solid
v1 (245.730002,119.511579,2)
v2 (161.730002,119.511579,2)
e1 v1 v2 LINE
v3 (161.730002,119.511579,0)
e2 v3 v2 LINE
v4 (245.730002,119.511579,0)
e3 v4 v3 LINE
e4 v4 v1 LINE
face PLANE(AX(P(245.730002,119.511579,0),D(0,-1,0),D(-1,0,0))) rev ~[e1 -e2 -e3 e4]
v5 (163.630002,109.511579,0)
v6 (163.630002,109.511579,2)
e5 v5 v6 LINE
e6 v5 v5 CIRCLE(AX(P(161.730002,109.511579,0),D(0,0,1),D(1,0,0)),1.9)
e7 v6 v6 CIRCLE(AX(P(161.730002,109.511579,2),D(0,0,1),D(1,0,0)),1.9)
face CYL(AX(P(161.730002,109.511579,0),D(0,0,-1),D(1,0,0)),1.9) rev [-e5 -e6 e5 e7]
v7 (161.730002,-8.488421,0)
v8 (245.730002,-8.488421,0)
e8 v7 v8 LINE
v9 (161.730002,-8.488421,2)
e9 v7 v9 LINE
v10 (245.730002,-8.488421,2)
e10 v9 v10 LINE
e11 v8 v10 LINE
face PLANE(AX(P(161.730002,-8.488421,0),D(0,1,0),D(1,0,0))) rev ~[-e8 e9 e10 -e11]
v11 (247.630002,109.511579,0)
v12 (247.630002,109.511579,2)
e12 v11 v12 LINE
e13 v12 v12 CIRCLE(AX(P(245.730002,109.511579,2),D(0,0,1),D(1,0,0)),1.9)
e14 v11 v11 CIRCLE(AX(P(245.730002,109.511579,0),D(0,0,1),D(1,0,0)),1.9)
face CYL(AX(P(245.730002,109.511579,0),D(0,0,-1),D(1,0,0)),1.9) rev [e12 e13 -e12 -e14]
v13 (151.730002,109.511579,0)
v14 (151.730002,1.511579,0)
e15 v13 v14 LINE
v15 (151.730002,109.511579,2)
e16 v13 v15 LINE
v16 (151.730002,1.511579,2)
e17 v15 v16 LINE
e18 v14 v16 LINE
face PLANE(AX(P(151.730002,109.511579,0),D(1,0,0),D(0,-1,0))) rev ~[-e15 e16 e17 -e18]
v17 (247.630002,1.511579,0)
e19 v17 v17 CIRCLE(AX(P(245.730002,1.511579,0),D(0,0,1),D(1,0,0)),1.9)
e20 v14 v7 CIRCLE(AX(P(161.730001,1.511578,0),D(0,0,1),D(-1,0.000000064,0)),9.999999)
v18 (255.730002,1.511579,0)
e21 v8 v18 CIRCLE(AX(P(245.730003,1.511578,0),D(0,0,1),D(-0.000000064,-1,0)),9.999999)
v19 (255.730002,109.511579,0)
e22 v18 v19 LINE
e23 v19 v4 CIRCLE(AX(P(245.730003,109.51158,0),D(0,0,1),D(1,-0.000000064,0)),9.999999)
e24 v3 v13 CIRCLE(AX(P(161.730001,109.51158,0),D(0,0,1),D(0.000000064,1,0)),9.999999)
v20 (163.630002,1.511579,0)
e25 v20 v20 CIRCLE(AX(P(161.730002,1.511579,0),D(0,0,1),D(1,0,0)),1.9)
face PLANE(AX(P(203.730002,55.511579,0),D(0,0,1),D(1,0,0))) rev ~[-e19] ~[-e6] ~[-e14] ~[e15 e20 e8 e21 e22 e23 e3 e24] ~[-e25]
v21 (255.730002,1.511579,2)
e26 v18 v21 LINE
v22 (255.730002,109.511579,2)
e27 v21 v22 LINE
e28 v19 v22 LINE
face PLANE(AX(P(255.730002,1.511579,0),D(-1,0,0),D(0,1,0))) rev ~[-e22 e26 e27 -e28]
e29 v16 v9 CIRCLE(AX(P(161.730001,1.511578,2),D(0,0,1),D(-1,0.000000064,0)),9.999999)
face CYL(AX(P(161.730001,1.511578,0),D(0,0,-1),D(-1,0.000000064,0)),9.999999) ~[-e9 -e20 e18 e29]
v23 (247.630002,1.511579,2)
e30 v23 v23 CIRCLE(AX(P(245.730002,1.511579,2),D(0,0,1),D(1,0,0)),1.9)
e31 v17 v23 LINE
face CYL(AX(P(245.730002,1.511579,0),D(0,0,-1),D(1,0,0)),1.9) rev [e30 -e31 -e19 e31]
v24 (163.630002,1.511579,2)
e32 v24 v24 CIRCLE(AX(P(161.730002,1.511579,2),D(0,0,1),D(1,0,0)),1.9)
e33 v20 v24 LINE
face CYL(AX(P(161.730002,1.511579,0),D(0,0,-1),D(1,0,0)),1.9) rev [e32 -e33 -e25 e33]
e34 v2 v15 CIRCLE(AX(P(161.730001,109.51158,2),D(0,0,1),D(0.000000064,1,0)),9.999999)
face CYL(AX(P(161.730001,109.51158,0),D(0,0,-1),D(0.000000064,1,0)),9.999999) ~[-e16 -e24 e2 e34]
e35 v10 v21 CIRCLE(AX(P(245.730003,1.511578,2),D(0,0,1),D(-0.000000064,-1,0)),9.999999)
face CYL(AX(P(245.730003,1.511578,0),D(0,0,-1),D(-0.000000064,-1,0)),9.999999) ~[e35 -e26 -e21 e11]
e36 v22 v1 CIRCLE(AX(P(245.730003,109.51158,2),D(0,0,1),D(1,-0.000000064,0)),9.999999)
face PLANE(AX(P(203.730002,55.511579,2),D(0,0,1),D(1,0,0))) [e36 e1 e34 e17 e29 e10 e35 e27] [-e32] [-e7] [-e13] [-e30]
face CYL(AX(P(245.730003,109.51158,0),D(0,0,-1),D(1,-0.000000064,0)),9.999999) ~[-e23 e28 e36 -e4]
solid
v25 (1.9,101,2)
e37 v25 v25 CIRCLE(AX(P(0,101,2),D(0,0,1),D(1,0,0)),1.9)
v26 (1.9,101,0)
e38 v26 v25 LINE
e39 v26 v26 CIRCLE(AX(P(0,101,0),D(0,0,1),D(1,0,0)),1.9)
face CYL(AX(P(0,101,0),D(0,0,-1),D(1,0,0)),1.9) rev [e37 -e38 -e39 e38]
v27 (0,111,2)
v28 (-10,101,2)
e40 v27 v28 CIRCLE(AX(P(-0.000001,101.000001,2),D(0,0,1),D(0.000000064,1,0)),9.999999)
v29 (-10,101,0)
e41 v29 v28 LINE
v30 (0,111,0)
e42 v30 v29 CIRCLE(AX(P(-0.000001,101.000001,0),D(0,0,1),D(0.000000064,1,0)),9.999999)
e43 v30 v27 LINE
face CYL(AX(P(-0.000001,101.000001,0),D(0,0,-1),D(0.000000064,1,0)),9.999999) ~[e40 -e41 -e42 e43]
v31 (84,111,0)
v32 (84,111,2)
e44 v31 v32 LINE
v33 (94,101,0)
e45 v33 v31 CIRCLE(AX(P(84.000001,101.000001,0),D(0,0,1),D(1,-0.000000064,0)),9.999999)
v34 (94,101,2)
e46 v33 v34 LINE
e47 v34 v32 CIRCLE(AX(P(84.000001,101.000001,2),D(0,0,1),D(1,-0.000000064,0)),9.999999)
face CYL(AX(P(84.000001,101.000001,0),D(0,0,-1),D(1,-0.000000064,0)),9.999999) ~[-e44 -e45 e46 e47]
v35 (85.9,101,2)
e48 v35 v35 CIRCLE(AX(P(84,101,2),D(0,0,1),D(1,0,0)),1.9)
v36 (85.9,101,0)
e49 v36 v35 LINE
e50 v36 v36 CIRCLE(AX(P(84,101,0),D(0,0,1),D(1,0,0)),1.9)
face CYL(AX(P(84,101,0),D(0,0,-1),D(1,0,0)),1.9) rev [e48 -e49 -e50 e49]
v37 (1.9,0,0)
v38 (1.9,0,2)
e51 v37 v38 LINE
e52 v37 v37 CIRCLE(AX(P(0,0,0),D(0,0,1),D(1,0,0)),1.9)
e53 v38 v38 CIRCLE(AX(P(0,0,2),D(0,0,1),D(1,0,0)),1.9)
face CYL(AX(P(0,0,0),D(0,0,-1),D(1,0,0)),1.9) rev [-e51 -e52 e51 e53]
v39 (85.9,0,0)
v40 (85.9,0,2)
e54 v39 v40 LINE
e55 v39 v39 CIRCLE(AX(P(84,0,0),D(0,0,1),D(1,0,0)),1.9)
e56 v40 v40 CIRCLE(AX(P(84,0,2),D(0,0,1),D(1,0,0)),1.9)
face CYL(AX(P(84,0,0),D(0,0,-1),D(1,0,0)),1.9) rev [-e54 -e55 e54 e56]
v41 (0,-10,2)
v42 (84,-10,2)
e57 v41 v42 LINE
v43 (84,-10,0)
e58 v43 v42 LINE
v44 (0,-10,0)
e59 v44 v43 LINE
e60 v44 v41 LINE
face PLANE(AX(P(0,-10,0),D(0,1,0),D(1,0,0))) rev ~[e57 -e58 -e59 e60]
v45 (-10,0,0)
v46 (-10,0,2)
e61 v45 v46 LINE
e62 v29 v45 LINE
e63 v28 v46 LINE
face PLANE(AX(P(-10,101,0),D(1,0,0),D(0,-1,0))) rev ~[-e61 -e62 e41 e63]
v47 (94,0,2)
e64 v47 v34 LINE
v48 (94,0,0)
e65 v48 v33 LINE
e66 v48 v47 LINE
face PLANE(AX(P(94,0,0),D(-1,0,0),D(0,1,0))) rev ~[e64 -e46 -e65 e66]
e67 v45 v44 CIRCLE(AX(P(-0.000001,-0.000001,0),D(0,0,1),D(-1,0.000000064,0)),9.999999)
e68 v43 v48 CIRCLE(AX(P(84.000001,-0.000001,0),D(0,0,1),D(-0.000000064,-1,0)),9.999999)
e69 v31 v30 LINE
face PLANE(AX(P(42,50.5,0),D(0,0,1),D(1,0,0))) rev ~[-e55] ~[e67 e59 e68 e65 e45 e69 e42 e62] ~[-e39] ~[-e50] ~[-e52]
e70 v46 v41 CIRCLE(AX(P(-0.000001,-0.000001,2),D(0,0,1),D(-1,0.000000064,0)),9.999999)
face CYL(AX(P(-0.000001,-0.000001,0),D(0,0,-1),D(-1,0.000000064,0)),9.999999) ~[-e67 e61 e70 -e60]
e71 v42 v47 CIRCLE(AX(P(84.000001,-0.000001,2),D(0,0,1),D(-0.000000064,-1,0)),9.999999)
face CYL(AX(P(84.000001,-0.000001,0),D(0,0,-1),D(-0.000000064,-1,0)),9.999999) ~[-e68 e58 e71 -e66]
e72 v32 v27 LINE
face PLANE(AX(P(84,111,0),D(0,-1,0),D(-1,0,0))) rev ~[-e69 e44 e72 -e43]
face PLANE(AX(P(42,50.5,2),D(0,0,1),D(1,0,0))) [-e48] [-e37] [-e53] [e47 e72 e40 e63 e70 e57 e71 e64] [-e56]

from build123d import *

# Parameters (mm, degrees)
F0_R     = 1.9
F1_DEPTH = 2
F2_R     = 1.9
F3_DEPTH = 2


with BuildPart() as f1:
    # F0 (on Top) → F1 (new body)
    with BuildSketch(Plane.XY):
        with BuildLine():
            Line((84, 111), (0, 111))
            ThreePointArc((0, 111), (-7.071068, 108.071068), (-10, 101))
            Line((-10, 101), (-10, 0))
            ThreePointArc((-10, 0), (-7.071068, -7.071068), (0, -10))
            Line((0, -10), (84, -10))
            ThreePointArc((84, -10), (91.071068, -7.071068), (94, 0))
            Line((94, 0), (94, 101))
            ThreePointArc((94, 101), (91.071068, 108.071068), (84, 111))
        make_face()
        Circle(F0_R, mode=Mode.SUBTRACT)
        with Locations((84, 0)):
            Circle(F0_R, mode=Mode.SUBTRACT)
        with Locations((0, 101)):
            Circle(F0_R, mode=Mode.SUBTRACT)
        with Locations((84, 101)):
            Circle(F0_R, mode=Mode.SUBTRACT)
    extrude(amount=F1_DEPTH)


with BuildPart() as f3:
    # F2 (on Top) → F3 (new body)
    with BuildSketch(Plane.XY):
        with BuildLine():
            Line((245.730002, 119.511579), (161.730002, 119.511579))
            ThreePointArc((161.730002, 119.511579), (154.658934, 116.582647), (151.730002, 109.511579))
            Line((151.730002, 109.511579), (151.730002, 1.511579))
            ThreePointArc((151.730002, 1.511579), (154.658934, -5.559489), (161.730002, -8.488421))
            Line((161.730002, -8.488421), (245.730002, -8.488421))
            ThreePointArc((245.730002, -8.488421), (252.80107, -5.559489), (255.730002, 1.511579))
            Line((255.730002, 1.511579), (255.730002, 109.511579))
            ThreePointArc((255.730002, 109.511579), (252.80107, 116.582647), (245.730002, 119.511579))
        make_face()
        with Locations((161.730002, 1.511579)):
            Circle(F2_R, mode=Mode.SUBTRACT)
        with Locations((245.730002, 1.511579)):
            Circle(F2_R, mode=Mode.SUBTRACT)
        with Locations((161.730002, 109.511579)):
            Circle(F2_R, mode=Mode.SUBTRACT)
        with Locations((245.730002, 109.511579)):
            Circle(F2_R, mode=Mode.SUBTRACT)
    extrude(amount=F3_DEPTH)


solid = Compound([f1.part, f3.part])
